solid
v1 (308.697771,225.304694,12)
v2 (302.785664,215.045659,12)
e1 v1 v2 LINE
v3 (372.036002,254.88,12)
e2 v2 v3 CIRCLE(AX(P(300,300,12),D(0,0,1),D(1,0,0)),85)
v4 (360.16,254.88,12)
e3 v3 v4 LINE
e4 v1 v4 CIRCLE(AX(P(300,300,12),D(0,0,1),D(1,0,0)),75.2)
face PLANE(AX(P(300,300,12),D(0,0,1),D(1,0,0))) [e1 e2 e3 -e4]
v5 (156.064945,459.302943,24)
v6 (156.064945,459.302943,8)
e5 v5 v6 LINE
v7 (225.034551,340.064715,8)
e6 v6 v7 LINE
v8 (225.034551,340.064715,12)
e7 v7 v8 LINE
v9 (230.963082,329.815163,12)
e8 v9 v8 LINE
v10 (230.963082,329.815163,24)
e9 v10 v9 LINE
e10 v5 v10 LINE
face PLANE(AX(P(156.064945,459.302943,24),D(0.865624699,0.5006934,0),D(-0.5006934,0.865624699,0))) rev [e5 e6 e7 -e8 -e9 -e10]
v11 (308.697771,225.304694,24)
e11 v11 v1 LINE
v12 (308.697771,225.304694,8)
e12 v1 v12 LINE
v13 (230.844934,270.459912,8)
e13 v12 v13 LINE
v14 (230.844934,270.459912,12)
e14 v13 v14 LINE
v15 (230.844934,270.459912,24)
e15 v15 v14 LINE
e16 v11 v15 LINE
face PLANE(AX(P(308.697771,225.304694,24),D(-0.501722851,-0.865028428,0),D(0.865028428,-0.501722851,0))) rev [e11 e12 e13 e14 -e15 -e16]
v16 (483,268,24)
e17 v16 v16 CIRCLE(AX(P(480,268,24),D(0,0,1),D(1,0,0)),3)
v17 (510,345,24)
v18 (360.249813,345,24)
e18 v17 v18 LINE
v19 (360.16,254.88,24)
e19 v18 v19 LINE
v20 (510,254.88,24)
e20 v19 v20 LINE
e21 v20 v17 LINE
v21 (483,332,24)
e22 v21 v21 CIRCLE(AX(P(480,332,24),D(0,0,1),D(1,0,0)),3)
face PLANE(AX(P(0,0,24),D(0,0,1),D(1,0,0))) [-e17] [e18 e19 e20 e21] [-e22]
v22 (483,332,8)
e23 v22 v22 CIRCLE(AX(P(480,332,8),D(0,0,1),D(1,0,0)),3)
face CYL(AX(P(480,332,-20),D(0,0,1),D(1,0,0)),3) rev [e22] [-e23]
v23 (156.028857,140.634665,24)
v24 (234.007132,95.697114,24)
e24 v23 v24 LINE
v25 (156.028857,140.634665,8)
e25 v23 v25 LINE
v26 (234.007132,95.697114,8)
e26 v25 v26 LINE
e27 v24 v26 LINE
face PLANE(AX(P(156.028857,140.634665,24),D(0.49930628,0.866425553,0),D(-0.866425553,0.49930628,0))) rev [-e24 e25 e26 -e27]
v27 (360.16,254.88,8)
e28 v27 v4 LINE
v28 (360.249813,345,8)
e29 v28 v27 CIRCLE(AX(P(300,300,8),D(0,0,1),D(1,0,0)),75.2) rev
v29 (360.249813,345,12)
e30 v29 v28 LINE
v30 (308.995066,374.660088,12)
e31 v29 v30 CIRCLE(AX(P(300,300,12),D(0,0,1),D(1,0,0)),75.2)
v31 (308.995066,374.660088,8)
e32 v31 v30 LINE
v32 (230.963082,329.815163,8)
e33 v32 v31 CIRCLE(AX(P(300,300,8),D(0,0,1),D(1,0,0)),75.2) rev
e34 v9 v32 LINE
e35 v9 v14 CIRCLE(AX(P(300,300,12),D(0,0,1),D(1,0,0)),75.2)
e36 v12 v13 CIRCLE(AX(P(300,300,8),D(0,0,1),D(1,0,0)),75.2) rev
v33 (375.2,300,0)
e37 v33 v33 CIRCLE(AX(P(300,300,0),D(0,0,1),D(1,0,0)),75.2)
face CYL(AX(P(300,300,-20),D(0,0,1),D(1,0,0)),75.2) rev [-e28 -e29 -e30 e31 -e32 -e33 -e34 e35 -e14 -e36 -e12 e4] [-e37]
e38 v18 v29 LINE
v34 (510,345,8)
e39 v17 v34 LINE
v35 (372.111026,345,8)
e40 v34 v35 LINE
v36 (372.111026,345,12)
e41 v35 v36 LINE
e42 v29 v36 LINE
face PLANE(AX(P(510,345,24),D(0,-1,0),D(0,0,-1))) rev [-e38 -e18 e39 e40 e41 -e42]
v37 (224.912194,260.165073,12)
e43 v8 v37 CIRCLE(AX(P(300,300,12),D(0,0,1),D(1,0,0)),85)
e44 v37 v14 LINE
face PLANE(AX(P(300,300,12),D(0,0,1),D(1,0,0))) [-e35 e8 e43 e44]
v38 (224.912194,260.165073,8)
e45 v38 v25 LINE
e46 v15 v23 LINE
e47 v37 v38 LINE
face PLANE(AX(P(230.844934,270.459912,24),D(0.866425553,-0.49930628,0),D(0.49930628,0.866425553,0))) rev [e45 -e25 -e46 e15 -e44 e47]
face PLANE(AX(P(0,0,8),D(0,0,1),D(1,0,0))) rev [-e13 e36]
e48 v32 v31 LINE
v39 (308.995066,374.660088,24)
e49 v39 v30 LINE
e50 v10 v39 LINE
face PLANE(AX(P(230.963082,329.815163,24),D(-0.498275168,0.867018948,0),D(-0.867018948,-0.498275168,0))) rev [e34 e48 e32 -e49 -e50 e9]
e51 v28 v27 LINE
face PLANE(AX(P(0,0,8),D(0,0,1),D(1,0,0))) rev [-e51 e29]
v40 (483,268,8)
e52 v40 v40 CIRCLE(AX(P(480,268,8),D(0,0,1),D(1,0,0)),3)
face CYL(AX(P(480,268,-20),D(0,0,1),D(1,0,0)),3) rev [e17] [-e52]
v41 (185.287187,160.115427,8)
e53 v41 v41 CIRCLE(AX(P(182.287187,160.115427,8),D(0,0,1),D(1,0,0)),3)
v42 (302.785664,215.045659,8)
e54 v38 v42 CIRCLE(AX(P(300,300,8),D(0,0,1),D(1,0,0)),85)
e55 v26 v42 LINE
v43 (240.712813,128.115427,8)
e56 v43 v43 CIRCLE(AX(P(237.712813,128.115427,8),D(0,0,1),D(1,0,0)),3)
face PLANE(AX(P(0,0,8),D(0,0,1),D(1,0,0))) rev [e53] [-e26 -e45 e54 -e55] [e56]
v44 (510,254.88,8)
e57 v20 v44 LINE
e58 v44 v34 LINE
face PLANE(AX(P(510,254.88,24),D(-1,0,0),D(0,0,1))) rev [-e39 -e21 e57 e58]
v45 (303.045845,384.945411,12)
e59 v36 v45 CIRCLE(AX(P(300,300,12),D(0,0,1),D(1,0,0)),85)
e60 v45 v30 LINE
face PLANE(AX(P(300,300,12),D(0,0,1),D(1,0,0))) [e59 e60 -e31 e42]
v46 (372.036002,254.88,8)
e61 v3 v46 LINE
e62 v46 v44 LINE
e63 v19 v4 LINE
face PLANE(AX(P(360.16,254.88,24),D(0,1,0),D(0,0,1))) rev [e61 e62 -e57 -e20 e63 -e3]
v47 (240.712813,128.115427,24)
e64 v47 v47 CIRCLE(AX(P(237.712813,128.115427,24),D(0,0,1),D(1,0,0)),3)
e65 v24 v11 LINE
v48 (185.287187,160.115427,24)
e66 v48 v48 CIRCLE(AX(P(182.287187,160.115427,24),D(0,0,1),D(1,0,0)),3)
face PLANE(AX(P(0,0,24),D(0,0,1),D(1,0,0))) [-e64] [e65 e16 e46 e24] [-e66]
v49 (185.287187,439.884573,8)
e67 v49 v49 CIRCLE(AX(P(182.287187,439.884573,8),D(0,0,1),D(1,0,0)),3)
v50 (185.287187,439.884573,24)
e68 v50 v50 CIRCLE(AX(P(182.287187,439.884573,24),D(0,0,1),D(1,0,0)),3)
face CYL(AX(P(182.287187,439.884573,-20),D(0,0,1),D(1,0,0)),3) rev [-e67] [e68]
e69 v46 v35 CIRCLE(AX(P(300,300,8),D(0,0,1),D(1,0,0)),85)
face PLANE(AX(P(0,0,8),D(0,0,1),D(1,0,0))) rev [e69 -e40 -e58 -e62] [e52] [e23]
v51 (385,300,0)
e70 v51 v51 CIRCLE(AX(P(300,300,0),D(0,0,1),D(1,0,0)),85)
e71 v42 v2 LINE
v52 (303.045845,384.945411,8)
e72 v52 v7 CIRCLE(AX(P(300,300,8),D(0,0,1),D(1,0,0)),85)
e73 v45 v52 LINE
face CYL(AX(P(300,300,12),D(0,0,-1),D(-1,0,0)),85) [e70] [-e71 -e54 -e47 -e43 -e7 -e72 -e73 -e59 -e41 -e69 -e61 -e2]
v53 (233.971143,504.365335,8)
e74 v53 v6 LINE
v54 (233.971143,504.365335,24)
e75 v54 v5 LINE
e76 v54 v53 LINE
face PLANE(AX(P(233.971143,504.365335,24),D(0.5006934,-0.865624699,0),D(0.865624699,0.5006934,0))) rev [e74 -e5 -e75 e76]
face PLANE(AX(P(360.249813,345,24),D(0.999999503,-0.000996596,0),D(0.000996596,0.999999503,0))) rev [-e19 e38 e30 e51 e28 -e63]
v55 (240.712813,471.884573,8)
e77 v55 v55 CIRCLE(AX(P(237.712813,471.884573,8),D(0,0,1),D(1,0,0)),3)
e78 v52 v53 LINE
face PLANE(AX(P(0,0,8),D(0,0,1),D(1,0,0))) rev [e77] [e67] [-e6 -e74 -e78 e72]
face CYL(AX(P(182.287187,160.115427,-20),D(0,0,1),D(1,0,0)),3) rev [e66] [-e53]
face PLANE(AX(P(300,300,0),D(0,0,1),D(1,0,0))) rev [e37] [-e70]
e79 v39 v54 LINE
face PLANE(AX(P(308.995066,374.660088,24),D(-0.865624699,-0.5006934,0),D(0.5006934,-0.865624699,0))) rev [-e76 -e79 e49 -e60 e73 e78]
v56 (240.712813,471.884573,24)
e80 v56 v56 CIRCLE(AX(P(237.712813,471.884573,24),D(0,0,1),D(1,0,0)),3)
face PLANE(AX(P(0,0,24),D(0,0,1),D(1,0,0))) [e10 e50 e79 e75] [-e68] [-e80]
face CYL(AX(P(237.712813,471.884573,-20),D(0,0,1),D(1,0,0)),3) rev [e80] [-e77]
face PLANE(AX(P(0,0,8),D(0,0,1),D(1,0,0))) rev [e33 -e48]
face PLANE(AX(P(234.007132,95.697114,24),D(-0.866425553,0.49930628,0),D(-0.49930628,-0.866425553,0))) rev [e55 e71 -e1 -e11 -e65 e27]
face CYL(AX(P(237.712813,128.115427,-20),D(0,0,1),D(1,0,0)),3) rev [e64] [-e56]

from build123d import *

# Parameters (mm, degrees)
SKETCH1_R           = 85
BOSS_EXTRUDE1_DEPTH = 12
SKETCH2_R           = 75.2
CUT_EXTRUDE1_DEPTH  = 32
BOSS_EXTRUDE2_DEPTH = 16
SKETCH4_R           = 3
CUT_EXTRUDE2_DEPTH  = 44
SKETCH5_R           = 3
CUT_EXTRUDE3_DEPTH  = 44
BOSS_EXTRUDE3_DEPTH = 16
SKETCH7_R           = 3
CUT_EXTRUDE4_DEPTH  = 44
SKETCH8_R           = 3
CUT_EXTRUDE5_DEPTH  = 44
BOSS_EXTRUDE4_DEPTH = 16
SKETCH10_R          = 3
CUT_EXTRUDE6_DEPTH  = 44
SKETCH11_R          = 3
CUT_EXTRUDE7_DEPTH  = 44


with BuildPart() as part:
    # Sketch1 → Boss-Extrude1 (new body)
    with BuildSketch(Plane.XY):
        with Locations((300, 300)):
            Circle(SKETCH1_R)
    extrude(amount=BOSS_EXTRUDE1_DEPTH)

    # Sketch2 → Cut-Extrude1 (cut)
    with BuildSketch(Plane.XY.offset(12)):
        with Locations((300, 300)):
            Circle(SKETCH2_R)
    extrude(amount=-CUT_EXTRUDE1_DEPTH, mode=Mode.SUBTRACT)

    # Sketch3 → Boss-Extrude2 (add)
    with BuildSketch(Plane.XY.offset(8)):
        Polygon((360.16, 254.88), (510, 254.88), (510, 345), (360.249813278, 345), align=None)
    extrude(amount=BOSS_EXTRUDE2_DEPTH)

    # Sketch4 → Cut-Extrude2 (cut)
    with BuildSketch(Plane.XY.offset(24)):
        with Locations((480, 268)):
            Circle(SKETCH4_R)
    extrude(amount=-CUT_EXTRUDE2_DEPTH, mode=Mode.SUBTRACT)

    # Sketch5 → Cut-Extrude3 (cut)
    with BuildSketch(Plane.XY.offset(24)):
        with Locations((480, 332)):
            Circle(SKETCH5_R)
    extrude(amount=-CUT_EXTRUDE3_DEPTH, mode=Mode.SUBTRACT)

    # Sketch6 → Boss-Extrude3 (add)
    with BuildSketch(Plane.XY.offset(8)):
        Polygon((308.995066219, 374.660088292), (233.97114317, 504.365334795), (156.064945237, 459.302943285), (230.963081874, 329.815162849), align=None)
    extrude(amount=BOSS_EXTRUDE3_DEPTH)

    # Sketch7 → Cut-Extrude4 (cut)
    with BuildSketch(Plane.XY.offset(24)):
        with Locations((237.712812921, 471.884572681)):
            Circle(SKETCH7_R)
    extrude(amount=-CUT_EXTRUDE4_DEPTH, mode=Mode.SUBTRACT)

    # Sketch8 → Cut-Extrude5 (cut)
    with BuildSketch(Plane.XY.offset(24)):
        with Locations((182.287187079, 439.884572681)):
            Circle(SKETCH8_R)
    extrude(amount=-CUT_EXTRUDE5_DEPTH, mode=Mode.SUBTRACT)

    # Sketch9 → Boss-Extrude4 (add)
    with BuildSketch(Plane.XY.offset(8)):
        Polygon((230.844933781, 270.459911708), (156.02885683, 140.634665205), (234.007131599, 95.697114438), (308.697770617, 225.30469368), align=None)
    extrude(amount=BOSS_EXTRUDE4_DEPTH)

    # Sketch10 → Cut-Extrude6 (cut)
    with BuildSketch(Plane.XY.offset(24)):
        with Locations((182.287187079, 160.115427319)):
            Circle(SKETCH10_R)
    extrude(amount=-CUT_EXTRUDE6_DEPTH, mode=Mode.SUBTRACT)

    # Sketch11 → Cut-Extrude7 (cut)
    with BuildSketch(Plane.XY.offset(24)):
        with Locations((237.712812921, 128.115427319)):
            Circle(SKETCH11_R)
    extrude(amount=-CUT_EXTRUDE7_DEPTH, mode=Mode.SUBTRACT)


solid = part.part
